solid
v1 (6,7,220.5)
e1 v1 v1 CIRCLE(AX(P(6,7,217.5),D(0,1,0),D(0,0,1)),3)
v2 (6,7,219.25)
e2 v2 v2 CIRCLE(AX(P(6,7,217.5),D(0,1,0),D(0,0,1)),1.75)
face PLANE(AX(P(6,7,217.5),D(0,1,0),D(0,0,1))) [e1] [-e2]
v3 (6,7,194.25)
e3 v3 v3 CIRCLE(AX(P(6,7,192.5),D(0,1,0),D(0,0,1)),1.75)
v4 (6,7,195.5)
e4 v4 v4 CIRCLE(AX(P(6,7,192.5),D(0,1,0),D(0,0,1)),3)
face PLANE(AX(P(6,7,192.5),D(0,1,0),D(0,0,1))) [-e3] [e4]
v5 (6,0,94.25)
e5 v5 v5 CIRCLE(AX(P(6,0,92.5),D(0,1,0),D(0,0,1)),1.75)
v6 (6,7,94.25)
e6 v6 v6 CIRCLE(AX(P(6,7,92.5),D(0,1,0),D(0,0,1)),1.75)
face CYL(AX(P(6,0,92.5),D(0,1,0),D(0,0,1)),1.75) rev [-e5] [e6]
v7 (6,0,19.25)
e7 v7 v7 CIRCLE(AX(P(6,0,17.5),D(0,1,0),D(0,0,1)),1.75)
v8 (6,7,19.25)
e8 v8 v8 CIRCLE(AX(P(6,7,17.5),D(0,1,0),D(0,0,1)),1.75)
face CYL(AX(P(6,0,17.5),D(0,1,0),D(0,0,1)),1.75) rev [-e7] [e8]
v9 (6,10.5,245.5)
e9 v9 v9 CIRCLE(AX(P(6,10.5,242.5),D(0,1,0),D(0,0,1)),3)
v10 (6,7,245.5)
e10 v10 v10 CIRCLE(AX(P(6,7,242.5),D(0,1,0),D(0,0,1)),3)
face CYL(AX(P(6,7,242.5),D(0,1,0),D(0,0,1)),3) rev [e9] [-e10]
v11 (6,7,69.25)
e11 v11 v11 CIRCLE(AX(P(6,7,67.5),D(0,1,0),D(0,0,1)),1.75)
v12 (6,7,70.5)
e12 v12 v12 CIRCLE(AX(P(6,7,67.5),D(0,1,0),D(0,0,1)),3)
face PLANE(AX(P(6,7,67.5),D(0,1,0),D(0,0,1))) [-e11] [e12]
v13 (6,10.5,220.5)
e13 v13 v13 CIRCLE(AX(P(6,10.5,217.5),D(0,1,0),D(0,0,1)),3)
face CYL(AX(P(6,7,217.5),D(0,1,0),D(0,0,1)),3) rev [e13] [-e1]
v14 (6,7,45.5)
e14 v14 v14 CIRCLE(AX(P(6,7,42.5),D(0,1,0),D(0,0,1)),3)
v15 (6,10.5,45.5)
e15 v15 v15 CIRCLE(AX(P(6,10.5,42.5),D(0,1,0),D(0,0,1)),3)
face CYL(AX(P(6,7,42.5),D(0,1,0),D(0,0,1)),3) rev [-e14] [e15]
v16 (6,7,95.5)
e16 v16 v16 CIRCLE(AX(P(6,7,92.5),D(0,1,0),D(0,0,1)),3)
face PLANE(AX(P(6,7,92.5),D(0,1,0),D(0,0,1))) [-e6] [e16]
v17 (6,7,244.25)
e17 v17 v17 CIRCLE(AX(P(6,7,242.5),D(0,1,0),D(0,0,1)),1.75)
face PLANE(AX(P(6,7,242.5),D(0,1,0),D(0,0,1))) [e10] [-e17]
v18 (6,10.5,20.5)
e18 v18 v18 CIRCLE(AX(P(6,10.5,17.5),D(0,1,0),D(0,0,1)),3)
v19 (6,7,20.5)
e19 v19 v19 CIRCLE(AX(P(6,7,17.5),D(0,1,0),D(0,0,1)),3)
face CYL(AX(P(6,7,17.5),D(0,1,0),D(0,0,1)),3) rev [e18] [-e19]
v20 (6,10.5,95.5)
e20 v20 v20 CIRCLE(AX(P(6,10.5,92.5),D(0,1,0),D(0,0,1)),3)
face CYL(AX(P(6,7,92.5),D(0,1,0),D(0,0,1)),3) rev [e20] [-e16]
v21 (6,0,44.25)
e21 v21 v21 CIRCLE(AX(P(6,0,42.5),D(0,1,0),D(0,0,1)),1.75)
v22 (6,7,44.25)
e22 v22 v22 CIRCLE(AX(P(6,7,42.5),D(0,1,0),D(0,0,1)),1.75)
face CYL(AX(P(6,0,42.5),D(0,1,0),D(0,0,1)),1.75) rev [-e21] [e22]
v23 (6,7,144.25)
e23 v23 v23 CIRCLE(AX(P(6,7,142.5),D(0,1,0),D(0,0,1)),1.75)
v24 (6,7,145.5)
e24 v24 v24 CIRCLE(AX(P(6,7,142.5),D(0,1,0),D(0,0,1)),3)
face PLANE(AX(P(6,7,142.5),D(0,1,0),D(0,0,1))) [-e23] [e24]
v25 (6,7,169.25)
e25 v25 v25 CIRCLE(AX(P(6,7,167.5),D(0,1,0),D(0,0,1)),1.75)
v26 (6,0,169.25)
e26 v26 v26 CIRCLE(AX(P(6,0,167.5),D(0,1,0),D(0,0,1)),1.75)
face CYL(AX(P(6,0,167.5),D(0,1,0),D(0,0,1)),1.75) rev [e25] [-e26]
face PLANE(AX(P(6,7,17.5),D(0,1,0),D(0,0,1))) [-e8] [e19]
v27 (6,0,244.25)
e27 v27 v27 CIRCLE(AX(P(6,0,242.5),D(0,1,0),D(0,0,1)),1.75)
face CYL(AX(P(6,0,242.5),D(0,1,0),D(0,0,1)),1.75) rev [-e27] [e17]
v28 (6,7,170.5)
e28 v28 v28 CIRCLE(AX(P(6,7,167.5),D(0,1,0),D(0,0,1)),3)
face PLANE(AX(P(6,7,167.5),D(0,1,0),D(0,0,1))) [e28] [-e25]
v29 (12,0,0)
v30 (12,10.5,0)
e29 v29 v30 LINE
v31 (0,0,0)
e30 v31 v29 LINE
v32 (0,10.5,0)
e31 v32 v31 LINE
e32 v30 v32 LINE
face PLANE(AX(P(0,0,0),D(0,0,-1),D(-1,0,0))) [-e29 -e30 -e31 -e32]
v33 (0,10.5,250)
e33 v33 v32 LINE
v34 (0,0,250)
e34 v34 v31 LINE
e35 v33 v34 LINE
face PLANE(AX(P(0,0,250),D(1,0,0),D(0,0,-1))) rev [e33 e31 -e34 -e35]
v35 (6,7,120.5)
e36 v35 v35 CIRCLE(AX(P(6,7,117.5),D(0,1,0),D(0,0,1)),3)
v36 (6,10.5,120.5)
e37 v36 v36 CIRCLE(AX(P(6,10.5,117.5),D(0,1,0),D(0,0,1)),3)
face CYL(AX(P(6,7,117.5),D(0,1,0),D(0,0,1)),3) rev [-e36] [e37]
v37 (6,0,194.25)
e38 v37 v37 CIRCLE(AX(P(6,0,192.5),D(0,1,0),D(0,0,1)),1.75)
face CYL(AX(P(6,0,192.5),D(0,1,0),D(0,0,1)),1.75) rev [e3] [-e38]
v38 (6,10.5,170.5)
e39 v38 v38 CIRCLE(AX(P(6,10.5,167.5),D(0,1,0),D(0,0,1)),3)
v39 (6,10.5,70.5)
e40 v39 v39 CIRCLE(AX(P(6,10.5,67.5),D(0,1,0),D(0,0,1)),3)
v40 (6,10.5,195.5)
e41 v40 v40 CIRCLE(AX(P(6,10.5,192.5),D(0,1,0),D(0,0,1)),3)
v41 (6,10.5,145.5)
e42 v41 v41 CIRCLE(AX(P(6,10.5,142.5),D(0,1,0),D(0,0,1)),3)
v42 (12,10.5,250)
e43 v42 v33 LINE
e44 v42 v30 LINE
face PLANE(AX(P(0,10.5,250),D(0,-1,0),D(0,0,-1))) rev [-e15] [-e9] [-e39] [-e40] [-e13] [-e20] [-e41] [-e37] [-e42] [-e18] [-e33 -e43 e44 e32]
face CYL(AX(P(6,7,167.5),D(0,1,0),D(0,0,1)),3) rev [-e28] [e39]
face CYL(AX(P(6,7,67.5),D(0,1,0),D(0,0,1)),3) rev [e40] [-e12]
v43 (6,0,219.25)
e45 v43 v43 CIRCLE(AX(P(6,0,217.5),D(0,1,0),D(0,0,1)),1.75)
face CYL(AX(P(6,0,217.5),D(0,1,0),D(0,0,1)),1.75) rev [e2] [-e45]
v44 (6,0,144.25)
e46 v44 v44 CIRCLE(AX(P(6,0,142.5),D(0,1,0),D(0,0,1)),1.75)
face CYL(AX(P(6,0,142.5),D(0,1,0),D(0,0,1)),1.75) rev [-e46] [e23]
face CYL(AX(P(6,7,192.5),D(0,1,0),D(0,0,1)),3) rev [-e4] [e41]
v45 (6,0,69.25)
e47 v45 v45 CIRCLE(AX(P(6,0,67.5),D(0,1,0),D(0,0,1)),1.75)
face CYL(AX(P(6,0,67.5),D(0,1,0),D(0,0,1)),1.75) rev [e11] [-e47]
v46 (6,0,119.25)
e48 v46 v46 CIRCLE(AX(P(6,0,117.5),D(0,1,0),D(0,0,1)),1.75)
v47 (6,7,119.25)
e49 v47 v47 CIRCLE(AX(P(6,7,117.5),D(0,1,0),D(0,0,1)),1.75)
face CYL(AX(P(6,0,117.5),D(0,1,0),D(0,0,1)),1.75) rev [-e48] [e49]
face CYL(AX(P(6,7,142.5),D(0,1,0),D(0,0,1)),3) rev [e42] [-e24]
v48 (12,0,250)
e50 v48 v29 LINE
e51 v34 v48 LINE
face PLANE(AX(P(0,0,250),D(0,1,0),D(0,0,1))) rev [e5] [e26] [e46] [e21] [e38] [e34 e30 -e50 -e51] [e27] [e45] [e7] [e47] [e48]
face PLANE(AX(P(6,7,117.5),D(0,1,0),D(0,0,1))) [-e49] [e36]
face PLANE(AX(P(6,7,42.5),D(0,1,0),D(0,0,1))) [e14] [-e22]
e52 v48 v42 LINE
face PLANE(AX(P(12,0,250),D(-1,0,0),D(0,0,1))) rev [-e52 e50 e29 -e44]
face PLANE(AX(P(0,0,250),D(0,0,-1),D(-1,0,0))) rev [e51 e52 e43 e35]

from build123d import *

# Parameters (mm, degrees)
SKETCH1_W           = 12
SKETCH1_H           = 10.5
BOSS_EXTRUDE1_DEPTH = 250
SKETCH2_R           = 3
CUT_EXTRUDE1_DEPTH  = 3.5
SKETCH3_R           = 1.75
CUT_EXTRUDE2_DEPTH  = 8
LPATTERN1_COUNT     = 12
LPATTERN1_PITCH     = 25


with BuildPart() as part:
    # Sketch1 → Boss-Extrude1 (new body)
    with BuildSketch(Plane.XY):
        with Locations((6, 5.25)):
            Rectangle(SKETCH1_W, SKETCH1_H)
    extrude(amount=BOSS_EXTRUDE1_DEPTH)

    # Sketch2 → Cut-Extrude1 (cut)
    with BuildSketch(Plane(origin=(0, 10.5, 0), x_dir=(1, 0, 0), z_dir=(0, 1, 0))):
        with Locations((6, -242.5)):
            Circle(SKETCH2_R)
    cut_extrude1 = extrude(amount=-CUT_EXTRUDE1_DEPTH, mode=Mode.SUBTRACT)

    # Sketch3 → Cut-Extrude2 (cut, through all)
    with BuildSketch(Plane(origin=(0, 7, 0), x_dir=(1, 0, 0), z_dir=(0, 1, 0))):
        with Locations((6, -242.5)):
            Circle(SKETCH3_R)
    cut_extrude2 = extrude(amount=-CUT_EXTRUDE2_DEPTH, mode=Mode.SUBTRACT)

    # LPattern1: Cut-Extrude1, Cut-Extrude2 ×12
    with Locations(*[(0, 0, -i * LPATTERN1_PITCH) for i in range(1, LPATTERN1_COUNT)]):
        add(cut_extrude1, mode=Mode.SUBTRACT)
        add(cut_extrude2, mode=Mode.SUBTRACT)


solid = part.part
